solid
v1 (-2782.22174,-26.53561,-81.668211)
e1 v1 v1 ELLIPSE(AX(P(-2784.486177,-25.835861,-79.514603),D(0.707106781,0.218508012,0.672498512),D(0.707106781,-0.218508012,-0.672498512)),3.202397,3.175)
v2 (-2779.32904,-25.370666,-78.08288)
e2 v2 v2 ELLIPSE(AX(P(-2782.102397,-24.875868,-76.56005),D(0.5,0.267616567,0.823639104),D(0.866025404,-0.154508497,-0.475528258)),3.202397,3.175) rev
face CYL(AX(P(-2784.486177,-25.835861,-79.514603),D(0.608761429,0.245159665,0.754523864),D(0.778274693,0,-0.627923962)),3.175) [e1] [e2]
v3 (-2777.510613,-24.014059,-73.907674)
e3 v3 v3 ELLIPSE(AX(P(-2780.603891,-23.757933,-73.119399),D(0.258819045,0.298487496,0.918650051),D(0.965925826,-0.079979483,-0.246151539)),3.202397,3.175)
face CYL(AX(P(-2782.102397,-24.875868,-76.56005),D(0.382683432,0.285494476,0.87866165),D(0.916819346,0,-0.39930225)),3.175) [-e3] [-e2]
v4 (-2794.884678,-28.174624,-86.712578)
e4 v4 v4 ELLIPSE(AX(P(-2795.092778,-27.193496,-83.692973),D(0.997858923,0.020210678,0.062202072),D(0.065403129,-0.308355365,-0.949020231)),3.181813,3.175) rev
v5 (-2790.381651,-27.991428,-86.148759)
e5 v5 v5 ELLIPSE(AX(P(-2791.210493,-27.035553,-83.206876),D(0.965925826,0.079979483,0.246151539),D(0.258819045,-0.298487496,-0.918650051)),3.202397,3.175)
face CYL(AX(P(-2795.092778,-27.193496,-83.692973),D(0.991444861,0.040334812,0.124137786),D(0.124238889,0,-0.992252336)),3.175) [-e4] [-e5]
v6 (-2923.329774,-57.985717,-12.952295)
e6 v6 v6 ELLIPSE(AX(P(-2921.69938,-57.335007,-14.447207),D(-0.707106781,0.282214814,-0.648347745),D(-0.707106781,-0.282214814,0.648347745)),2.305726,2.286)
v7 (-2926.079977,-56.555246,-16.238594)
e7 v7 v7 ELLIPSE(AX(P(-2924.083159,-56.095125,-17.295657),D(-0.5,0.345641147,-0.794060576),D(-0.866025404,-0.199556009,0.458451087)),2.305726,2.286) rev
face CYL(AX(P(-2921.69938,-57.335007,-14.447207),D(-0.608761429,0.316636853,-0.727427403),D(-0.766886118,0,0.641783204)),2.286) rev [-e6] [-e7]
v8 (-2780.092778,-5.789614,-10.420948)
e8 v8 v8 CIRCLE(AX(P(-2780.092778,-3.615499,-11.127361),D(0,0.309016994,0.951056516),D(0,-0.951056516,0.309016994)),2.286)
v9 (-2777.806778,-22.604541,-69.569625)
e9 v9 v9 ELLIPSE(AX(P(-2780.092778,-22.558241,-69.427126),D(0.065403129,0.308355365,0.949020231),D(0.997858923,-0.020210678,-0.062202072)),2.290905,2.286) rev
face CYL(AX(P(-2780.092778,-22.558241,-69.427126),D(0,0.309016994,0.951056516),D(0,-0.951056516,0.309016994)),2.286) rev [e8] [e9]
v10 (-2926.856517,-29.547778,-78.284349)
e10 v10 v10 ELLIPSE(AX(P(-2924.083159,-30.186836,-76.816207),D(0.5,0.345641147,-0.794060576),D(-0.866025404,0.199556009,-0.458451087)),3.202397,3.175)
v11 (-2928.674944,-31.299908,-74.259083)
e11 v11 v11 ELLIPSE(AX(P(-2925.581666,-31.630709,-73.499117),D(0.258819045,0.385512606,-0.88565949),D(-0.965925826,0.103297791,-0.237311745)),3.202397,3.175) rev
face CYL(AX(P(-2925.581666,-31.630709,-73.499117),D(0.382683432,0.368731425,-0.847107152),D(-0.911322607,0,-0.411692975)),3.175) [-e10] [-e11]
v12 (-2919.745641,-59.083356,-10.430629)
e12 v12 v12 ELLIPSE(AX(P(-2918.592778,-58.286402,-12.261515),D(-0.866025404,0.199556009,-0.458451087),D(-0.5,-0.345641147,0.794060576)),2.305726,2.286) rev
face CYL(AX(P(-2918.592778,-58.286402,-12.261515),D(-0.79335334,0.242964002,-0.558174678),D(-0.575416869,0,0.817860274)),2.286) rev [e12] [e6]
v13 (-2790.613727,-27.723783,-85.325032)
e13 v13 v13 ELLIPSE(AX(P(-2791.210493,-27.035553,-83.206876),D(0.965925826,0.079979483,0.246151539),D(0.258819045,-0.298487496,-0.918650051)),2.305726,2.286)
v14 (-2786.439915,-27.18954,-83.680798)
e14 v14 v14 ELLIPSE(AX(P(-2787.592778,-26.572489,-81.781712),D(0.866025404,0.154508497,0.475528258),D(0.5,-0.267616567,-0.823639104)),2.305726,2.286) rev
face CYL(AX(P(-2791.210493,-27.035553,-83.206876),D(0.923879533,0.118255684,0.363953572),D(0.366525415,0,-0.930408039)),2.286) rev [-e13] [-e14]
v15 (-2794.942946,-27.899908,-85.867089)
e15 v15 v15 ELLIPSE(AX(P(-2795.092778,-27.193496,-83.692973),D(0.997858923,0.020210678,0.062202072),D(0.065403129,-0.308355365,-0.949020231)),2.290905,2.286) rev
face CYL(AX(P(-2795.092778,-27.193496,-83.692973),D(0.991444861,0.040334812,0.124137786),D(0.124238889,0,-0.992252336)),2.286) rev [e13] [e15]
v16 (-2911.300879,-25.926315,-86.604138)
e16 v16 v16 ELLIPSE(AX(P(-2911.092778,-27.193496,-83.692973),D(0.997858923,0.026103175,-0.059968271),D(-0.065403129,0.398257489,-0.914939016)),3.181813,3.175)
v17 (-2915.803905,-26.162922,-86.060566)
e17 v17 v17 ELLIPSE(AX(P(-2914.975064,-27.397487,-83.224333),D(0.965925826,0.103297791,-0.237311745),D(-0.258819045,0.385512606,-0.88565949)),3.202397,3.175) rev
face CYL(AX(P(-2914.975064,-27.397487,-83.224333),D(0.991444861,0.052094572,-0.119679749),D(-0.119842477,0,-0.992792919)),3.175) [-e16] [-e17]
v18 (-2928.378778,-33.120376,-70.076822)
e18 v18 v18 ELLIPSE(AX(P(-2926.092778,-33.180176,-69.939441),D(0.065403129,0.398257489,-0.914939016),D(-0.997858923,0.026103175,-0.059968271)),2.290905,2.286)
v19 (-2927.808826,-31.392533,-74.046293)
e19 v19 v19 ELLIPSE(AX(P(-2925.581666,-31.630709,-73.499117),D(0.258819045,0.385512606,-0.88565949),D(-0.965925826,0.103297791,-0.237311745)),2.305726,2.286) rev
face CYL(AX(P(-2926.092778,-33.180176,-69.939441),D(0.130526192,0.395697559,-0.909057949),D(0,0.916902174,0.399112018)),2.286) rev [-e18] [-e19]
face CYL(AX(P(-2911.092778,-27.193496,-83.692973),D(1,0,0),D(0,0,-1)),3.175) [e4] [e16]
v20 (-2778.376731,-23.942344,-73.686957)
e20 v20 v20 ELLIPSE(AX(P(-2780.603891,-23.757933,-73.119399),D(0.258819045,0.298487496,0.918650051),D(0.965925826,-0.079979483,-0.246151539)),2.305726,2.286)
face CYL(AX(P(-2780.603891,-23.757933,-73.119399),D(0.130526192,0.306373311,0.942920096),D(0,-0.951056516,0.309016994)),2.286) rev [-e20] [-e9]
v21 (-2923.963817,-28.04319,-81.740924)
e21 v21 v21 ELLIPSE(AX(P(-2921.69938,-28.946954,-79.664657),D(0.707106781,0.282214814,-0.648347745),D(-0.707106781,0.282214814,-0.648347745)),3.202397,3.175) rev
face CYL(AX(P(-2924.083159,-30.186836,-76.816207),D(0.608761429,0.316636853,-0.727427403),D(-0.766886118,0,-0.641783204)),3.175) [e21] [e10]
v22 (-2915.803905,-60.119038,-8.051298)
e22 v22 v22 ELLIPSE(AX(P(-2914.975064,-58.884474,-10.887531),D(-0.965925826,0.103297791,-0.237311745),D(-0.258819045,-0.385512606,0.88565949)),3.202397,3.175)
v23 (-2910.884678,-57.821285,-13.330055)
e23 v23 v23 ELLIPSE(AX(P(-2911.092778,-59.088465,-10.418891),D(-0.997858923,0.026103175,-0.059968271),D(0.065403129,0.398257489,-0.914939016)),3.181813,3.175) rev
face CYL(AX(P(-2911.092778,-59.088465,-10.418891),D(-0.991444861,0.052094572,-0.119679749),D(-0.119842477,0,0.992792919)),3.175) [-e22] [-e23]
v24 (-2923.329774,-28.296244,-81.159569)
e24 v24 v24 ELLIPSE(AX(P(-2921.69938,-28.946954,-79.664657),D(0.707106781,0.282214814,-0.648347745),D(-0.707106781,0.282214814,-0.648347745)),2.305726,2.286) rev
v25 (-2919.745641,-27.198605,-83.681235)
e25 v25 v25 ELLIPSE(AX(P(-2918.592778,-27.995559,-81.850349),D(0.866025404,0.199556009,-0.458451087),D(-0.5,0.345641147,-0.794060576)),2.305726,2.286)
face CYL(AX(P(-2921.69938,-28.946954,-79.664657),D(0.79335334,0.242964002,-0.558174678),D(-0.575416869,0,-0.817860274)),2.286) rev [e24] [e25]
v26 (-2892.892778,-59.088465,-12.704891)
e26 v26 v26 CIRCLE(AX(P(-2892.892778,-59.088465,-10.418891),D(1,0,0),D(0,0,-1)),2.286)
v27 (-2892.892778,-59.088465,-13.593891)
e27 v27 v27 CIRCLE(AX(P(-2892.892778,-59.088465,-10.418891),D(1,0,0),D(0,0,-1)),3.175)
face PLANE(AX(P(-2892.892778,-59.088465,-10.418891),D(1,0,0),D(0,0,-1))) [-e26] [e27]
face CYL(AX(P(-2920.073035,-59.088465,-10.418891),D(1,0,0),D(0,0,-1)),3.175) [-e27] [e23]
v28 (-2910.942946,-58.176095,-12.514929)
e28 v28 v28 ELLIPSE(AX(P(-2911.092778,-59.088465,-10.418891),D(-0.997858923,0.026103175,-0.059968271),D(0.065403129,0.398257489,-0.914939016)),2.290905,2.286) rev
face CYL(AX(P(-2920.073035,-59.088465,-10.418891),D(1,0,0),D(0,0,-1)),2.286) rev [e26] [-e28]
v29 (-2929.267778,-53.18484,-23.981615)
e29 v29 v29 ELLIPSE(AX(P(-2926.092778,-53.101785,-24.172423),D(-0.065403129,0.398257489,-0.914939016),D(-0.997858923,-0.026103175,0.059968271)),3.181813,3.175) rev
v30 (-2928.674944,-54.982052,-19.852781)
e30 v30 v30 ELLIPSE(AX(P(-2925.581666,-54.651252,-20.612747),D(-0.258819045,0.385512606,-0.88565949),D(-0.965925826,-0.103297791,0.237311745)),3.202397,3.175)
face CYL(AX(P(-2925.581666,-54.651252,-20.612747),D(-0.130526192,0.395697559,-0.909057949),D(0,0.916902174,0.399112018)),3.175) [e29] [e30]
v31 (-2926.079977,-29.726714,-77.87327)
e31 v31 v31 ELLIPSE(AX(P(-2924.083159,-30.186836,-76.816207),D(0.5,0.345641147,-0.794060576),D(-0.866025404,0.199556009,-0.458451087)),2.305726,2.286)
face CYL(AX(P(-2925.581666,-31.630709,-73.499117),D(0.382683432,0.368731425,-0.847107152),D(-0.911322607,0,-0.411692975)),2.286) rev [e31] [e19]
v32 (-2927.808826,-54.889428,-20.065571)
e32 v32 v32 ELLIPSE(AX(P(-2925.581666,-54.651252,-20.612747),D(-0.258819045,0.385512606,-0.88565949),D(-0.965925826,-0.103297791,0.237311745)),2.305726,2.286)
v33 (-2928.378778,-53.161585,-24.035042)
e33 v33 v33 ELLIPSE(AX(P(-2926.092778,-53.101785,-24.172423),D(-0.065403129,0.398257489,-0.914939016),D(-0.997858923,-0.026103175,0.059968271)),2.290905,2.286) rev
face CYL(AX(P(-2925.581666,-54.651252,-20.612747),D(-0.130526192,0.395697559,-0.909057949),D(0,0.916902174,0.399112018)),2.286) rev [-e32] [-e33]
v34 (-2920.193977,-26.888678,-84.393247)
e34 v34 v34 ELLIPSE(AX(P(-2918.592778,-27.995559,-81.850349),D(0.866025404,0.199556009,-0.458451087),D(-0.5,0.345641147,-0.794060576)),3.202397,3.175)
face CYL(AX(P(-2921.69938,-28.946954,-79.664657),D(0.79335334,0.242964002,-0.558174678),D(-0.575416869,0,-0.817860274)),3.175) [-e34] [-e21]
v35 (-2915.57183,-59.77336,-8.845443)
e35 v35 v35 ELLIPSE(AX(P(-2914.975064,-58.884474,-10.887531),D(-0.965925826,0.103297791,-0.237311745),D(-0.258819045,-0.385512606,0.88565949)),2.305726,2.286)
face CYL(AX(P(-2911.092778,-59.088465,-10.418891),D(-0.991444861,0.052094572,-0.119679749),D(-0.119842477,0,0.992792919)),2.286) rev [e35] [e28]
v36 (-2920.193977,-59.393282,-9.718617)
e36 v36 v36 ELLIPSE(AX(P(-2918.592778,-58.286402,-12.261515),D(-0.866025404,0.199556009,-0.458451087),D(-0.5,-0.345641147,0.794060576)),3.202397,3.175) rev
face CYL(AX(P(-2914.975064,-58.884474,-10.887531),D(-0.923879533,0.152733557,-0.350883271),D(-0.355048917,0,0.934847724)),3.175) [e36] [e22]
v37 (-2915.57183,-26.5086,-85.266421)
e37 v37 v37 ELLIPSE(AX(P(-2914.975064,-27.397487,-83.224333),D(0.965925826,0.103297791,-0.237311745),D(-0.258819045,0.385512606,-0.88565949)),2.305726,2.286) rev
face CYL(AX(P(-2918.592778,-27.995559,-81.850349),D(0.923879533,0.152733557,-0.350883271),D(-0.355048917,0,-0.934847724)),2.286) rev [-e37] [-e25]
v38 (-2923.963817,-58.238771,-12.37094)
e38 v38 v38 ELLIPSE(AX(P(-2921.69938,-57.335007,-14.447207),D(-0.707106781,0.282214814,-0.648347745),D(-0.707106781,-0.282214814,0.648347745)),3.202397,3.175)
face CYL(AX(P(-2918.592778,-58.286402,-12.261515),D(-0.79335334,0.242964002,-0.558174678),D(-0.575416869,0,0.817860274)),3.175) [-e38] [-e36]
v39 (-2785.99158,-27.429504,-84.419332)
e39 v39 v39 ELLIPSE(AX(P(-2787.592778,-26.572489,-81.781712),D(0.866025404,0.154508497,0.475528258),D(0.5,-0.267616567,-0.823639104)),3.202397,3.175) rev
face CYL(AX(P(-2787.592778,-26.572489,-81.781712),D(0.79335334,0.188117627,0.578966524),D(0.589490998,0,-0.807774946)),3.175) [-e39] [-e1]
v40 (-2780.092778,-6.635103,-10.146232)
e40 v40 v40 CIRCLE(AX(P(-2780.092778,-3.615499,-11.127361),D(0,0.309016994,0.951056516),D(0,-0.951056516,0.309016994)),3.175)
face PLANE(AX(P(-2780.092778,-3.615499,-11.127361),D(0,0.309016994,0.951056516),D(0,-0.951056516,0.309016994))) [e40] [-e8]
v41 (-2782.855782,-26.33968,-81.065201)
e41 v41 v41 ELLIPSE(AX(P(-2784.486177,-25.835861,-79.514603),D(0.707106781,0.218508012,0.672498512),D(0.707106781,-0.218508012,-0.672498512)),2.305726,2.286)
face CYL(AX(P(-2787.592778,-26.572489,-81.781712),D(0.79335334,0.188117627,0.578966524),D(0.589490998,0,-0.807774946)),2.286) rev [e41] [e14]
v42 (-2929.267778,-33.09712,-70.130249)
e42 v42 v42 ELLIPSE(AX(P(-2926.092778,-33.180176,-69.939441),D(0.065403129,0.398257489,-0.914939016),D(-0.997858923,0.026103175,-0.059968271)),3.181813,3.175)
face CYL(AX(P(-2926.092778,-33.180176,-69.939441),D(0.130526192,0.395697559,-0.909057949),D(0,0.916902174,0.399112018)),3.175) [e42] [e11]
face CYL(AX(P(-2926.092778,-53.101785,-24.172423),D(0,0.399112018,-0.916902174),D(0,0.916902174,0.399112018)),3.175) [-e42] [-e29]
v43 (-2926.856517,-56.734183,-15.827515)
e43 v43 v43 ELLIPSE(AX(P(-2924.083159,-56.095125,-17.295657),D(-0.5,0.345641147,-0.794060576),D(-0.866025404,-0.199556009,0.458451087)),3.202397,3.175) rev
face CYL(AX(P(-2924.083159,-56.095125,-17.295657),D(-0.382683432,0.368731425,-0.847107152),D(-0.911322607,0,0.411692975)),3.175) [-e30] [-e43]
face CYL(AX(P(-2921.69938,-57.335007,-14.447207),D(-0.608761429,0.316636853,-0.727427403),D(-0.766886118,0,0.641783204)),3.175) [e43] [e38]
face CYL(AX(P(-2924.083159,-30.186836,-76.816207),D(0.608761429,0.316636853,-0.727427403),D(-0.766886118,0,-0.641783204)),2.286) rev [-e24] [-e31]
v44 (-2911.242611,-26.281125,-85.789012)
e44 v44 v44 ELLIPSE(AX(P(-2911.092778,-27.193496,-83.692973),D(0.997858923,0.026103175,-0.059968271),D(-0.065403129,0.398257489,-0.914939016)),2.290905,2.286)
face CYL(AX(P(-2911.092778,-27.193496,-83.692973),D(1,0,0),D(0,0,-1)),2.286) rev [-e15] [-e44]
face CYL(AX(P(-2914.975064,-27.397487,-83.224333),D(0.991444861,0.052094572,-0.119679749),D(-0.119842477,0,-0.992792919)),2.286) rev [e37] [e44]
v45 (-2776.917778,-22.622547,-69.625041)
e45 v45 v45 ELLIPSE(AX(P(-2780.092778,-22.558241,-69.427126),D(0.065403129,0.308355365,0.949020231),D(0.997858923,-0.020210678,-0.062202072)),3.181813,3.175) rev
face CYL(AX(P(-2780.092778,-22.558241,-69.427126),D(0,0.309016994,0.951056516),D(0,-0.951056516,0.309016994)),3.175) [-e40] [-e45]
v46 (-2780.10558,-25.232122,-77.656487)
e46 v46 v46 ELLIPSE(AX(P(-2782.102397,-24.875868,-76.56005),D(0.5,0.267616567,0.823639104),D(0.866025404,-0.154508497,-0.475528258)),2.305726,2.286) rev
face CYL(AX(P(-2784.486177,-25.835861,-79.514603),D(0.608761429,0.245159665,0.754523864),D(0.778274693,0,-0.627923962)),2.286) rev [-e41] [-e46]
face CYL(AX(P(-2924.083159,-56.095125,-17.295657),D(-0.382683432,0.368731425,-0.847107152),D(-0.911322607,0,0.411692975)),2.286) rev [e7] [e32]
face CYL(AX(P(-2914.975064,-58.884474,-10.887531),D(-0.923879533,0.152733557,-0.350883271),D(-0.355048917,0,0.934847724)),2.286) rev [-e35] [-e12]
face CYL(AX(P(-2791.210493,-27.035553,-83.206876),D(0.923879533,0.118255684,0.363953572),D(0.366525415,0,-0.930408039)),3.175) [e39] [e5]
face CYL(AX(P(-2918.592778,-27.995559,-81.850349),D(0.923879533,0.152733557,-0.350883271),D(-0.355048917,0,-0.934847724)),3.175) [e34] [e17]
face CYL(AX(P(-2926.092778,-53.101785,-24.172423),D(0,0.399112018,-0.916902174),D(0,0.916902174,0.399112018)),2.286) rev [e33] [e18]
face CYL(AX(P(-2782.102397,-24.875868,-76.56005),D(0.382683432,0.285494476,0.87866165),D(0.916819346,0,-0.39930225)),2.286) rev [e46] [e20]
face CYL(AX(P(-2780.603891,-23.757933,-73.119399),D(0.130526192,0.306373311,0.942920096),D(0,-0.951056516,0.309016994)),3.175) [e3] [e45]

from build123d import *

# Parameters (mm, degrees)
PROFILE_R   = 3.175
PROFILE_R_2 = 2.286


with BuildPart() as part:
    # Tube: sweep along a curve in space
    with BuildLine() as tube_path:
        Line((-2892.892778381, -59.088465181, -10.41889066), (-2911.092778381, -59.088465181, -10.41889066))
        Line((-2911.092778381, -59.088465181, -10.41889066), (-2914.975064057, -58.884473997, -10.887530919))
        Line((-2914.975064057, -58.884473997, -10.887530919), (-2918.592778381, -58.286402109, -12.261514638))
        Line((-2918.592778381, -58.286402109, -12.261514638), (-2921.699380099, -57.335007126, -14.447207097))
        Line((-2921.699380099, -57.335007126, -14.447207097), (-2924.083159438, -56.095125046, -17.295656967))
        Line((-2924.083159438, -56.095125046, -17.295656967), (-2925.581665775, -54.651251782, -20.612747096))
        Line((-2925.581665775, -54.651251782, -20.612747096), (-2926.092778381, -53.101784911, -24.172423273))
        Line((-2926.092778381, -53.101784911, -24.172423273), (-2926.092778381, -33.180175775, -69.939440821))
        Line((-2926.092778381, -33.180175775, -69.939440821), (-2925.581665775, -31.630708904, -73.499116998))
        Line((-2925.581665775, -31.630708904, -73.499116998), (-2924.083159438, -30.18683564, -76.816207127))
        Line((-2924.083159438, -30.18683564, -76.816207127), (-2921.699380099, -28.946953559, -79.664656997))
        Line((-2921.699380099, -28.946953559, -79.664656997), (-2918.592778381, -27.995558577, -81.850349456))
        Line((-2918.592778381, -27.995558577, -81.850349456), (-2914.975064057, -27.397486688, -83.224333175))
        Line((-2914.975064057, -27.397486688, -83.224333175), (-2911.092778381, -27.193495505, -83.692973434))
        Line((-2911.092778381, -27.193495505, -83.692973434), (-2795.092778381, -27.193495505, -83.692973434))
        Line((-2795.092778381, -27.193495505, -83.692973434), (-2791.210492704, -27.035553024, -83.20687646))
        Line((-2791.210492704, -27.035553024, -83.20687646), (-2787.592778381, -26.572489099, -81.781712243))
        Line((-2787.592778381, -26.572489099, -81.781712243), (-2784.486176663, -25.835860773, -79.514603369))
        Line((-2784.486176663, -25.835860773, -79.514603369), (-2782.102397324, -24.875868047, -76.560049562))
        Line((-2782.102397324, -24.875868047, -76.560049562), (-2780.603890986, -23.75793284, -73.11939878))
        Line((-2780.603890986, -23.75793284, -73.11939878), (-2780.092778381, -22.558240589, -69.42712569))
        Line((-2780.092778381, -22.558240589, -69.42712569), (-2780.092778381, -3.615498834, -11.127361241))
    # Profile → Tube (sweep)
    with BuildSketch(Plane(origin=(-2892.892778381, 0, 0), x_dir=(0, 0, -1), z_dir=(1, 0, 0))):
        with Locations((10.41889066, -59.088465181)):
            Circle(PROFILE_R)
        with Locations((10.41889066, -59.088465181)):
            Circle(PROFILE_R_2, mode=Mode.SUBTRACT)
    sweep(path=tube_path.line, transition=Transition.RIGHT)


solid = part.part
